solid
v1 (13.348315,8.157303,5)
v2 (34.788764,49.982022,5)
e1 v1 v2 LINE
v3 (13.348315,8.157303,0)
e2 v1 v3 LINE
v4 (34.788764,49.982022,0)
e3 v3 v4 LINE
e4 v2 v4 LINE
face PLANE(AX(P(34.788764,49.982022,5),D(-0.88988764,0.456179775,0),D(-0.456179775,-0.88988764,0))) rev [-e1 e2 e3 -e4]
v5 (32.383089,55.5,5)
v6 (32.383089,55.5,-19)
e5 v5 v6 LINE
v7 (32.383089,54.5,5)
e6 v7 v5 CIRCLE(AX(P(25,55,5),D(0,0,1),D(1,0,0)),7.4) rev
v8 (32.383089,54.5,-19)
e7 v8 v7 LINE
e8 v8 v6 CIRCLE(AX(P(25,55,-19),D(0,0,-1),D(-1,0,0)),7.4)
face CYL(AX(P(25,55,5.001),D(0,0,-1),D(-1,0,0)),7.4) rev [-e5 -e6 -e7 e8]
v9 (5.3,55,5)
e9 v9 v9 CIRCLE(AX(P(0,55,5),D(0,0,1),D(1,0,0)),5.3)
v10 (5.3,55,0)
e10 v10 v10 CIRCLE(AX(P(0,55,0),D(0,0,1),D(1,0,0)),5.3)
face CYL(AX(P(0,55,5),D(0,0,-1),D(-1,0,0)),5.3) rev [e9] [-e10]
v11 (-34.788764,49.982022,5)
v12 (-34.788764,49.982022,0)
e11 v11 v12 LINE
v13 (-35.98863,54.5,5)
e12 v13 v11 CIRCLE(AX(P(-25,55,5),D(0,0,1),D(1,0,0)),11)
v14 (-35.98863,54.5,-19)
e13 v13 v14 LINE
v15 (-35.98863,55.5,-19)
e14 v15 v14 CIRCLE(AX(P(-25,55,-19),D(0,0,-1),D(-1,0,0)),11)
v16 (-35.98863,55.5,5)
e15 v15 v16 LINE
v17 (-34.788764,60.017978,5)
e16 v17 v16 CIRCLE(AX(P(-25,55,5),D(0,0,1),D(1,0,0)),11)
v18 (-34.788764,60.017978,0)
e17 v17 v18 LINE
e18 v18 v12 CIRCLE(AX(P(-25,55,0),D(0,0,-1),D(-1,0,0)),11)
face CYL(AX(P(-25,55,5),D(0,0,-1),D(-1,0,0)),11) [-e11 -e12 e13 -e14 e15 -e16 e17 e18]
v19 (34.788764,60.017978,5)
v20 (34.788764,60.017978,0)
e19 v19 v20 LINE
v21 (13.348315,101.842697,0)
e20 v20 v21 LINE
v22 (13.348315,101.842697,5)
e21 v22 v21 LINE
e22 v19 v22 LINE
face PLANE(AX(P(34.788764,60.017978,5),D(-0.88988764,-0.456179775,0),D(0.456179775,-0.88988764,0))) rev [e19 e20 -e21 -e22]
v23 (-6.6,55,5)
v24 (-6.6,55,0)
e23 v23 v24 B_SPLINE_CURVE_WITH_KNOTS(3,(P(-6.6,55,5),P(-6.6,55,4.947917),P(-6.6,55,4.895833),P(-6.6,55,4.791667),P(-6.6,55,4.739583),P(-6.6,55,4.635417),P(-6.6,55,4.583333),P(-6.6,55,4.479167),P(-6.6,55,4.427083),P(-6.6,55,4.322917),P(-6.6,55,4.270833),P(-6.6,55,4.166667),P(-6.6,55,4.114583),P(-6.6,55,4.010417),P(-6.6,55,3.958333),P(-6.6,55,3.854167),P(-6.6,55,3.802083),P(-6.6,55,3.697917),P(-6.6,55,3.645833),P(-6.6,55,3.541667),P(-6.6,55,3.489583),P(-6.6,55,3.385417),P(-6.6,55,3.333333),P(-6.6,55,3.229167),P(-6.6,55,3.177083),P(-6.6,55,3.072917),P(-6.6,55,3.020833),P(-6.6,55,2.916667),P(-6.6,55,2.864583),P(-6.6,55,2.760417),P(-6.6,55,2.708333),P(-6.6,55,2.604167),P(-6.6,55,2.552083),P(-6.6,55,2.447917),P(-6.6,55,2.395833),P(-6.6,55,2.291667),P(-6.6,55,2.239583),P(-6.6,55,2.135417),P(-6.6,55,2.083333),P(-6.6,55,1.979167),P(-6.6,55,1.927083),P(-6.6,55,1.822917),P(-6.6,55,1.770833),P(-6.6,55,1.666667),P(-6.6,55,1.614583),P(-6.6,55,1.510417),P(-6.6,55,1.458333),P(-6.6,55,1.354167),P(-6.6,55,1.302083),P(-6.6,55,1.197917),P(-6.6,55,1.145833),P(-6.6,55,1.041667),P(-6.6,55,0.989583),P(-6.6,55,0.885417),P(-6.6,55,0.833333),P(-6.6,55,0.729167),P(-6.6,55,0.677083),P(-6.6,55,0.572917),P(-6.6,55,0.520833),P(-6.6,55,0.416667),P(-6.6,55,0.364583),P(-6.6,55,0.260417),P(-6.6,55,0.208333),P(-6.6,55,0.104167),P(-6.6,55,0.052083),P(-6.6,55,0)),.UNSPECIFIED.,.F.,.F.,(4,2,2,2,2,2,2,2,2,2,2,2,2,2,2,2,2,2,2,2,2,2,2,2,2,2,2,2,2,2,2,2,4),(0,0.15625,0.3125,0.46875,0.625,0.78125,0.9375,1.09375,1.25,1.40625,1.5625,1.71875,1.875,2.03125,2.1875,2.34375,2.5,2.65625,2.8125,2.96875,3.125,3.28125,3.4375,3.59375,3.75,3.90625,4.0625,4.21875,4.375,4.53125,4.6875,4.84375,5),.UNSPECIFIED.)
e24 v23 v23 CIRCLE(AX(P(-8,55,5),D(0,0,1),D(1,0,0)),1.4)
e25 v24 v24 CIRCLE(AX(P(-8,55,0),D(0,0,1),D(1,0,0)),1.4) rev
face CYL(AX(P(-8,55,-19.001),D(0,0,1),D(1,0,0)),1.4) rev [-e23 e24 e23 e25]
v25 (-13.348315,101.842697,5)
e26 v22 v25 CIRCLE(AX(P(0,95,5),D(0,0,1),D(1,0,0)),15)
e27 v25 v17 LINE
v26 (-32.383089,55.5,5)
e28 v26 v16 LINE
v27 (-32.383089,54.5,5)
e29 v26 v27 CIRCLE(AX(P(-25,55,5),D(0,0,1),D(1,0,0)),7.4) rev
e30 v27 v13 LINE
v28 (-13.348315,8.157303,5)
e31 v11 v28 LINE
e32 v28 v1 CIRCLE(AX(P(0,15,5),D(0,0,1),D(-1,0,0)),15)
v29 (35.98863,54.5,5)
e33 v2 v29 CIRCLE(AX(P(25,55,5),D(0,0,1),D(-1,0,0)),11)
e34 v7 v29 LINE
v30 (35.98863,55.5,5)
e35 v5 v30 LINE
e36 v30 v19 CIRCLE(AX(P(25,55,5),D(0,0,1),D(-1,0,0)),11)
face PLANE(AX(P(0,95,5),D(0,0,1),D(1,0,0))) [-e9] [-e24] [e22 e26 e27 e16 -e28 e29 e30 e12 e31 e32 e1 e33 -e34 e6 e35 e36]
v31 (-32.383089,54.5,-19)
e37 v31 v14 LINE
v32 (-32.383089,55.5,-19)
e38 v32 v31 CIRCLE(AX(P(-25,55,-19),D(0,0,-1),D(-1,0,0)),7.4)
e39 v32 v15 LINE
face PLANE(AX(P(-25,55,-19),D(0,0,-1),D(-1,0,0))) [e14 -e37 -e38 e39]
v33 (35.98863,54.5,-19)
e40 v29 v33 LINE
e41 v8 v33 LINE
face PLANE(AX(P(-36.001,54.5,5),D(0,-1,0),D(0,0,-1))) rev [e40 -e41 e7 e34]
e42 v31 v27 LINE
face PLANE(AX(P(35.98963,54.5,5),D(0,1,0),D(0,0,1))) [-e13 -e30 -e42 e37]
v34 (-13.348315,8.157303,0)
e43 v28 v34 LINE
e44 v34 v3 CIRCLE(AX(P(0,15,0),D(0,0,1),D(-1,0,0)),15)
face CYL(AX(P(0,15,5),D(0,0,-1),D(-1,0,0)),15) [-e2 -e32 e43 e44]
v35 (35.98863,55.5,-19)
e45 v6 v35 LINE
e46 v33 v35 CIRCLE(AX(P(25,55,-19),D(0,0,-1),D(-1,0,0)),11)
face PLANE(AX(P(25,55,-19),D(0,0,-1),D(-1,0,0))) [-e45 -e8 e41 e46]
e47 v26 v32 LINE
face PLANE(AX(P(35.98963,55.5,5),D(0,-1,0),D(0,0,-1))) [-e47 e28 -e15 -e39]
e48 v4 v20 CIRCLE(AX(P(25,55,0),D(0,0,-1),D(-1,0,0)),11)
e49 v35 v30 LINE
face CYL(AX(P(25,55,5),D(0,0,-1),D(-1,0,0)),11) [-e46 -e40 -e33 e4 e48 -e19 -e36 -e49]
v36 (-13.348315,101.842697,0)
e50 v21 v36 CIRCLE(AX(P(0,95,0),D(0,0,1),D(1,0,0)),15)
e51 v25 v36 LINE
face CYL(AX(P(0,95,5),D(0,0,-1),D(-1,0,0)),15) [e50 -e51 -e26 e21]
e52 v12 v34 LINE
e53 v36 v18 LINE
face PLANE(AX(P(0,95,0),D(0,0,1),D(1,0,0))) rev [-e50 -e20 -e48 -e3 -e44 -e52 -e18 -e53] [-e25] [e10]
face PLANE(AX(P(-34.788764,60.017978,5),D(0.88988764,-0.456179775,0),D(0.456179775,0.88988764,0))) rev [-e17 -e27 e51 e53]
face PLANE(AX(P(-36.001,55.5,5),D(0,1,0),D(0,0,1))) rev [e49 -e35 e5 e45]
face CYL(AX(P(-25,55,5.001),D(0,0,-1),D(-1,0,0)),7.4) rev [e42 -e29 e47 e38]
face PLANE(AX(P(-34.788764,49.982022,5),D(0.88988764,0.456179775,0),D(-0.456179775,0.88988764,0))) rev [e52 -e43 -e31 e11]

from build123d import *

# Parameters (mm, degrees)
SKETCH1_R               = 5.3
BOSS_EXTRUDE1_DEPTH     = 5
BOSS_EXTRUDE2_START     = 19
SKETCH2_R               = 11
BOSS_EXTRUDE2_DEPTH     = 19
CUT_EXTRUDE1_REACH      = 120.203
SKETCH3_R               = 7.4
CUT_EXTRUDE2_REACH      = 134.834
CUT_EXTRUDE2_END_RADIUS = 7.4
SKETCH6_W               = 24
SKETCH6_H               = 1
CUT_EXTRUDE3_REACH      = 120.2
SKETCH4_R               = 1.4


with BuildPart() as part:
    # Sketch1 → Boss-Extrude1 (new body)
    with BuildSketch(Plane.XY):
        with BuildLine():
            Line((-34.788764, 60.017978), (-13.348315, 101.842697))
            ThreePointArc((-13.348315, 101.842697), (0, 110), (13.348315, 101.842697))
            Line((13.348315, 101.842697), (34.788764, 60.017978))
            ThreePointArc((34.788764, 60.017978), (36, 55), (34.788764, 49.982022))
            Line((34.788764, 49.982022), (13.348315, 8.157303))
            ThreePointArc((13.348315, 8.157303), (0, 0), (-13.348315, 8.157303))
            Line((-13.348315, 8.157303), (-34.788764, 49.982022))
            ThreePointArc((-34.788764, 49.982022), (-36, 55), (-34.788764, 60.017978))
        make_face()
        with Locations((0, 55)):
            Circle(SKETCH1_R, mode=Mode.SUBTRACT)
    extrude(amount=BOSS_EXTRUDE1_DEPTH)

    # Sketch2 → Boss-Extrude2 (add)
    with BuildSketch(Plane(origin=(0, 0, 0), x_dir=(-1, 0, 0), z_dir=(0, 0, -1)).offset(BOSS_EXTRUDE2_START)):
        with Locations((-25, 55)):
            Circle(SKETCH2_R)
        with Locations((25, 55)):
            Circle(SKETCH2_R)
    extrude(amount=-BOSS_EXTRUDE2_DEPTH)

    # Sketch3 → Cut-Extrude1 (cut, up to next)
    with BuildSketch(Plane(origin=(0, 0, -19), x_dir=(-1, 0, 0), z_dir=(0, 0, -1)), mode=Mode.PRIVATE) as cut_extrude1_sk1:
        with Locations((-25, 55)):
            Circle(SKETCH3_R)
    cut_extrude1_tool1 = extrude(cut_extrude1_sk1.sketch, amount=-CUT_EXTRUDE1_REACH, mode=Mode.PRIVATE) & part.part
    # Sketch3 → Cut-Extrude1 (cut, up to next)
    with BuildSketch(Plane(origin=(0, 0, -19), x_dir=(-1, 0, 0), z_dir=(0, 0, -1)), mode=Mode.PRIVATE) as cut_extrude1_sk2:
        with Locations((25, 55)):
            Circle(SKETCH3_R)
    cut_extrude1_tool2 = extrude(cut_extrude1_sk2.sketch, amount=-CUT_EXTRUDE1_REACH, mode=Mode.PRIVATE) & part.part
    add(cut_extrude1_tool1.solids().sort_by_distance((25, 55, -19))[0], mode=Mode.SUBTRACT)
    add(cut_extrude1_tool2.solids().sort_by_distance((-25, 55, -19))[0], mode=Mode.SUBTRACT)

    # Cut-Extrude2: up to this cylinder (the profile starts outside it)
    cut_extrude2_end = Plane(origin=(25, 55, -7), z_dir=(0, 0, -1)) * Cylinder(CUT_EXTRUDE2_END_RADIUS, 285.468, mode=Mode.PRIVATE)
    # Sketch6 → Cut-Extrude2 (cut, up to the surface)
    with BuildSketch(Plane(origin=(36, 0, 0), x_dir=(0, 0, -1), z_dir=(1, 0, 0)), mode=Mode.PRIVATE) as cut_extrude2_sk1:
        with Locations((7, 55)):
            Rectangle(SKETCH6_W, SKETCH6_H)
    cut_extrude2_tool1 = extrude(cut_extrude2_sk1.sketch, amount=-CUT_EXTRUDE2_REACH, mode=Mode.PRIVATE) - cut_extrude2_end
    cut_extrude2 = cut_extrude2_tool1.solids().sort_by_distance((36, 55, -7))[0]
    add(cut_extrude2, mode=Mode.SUBTRACT)

    # Mirror1: Cut-Extrude2 across plane
    add(cut_extrude2.mirror(Plane(origin=(0, 0, 0), x_dir=(0, 0, 1), z_dir=(1, 0, 0))), mode=Mode.SUBTRACT)

    # Sketch4 → Cut-Extrude3 (cut, up to next)
    with BuildSketch(Plane.XY.offset(5), mode=Mode.PRIVATE) as cut_extrude3_sk1:
        with Locations((-8, 55)):
            Circle(SKETCH4_R)
    cut_extrude3_tool1 = extrude(cut_extrude3_sk1.sketch, amount=-CUT_EXTRUDE3_REACH, mode=Mode.PRIVATE) & part.part
    add(cut_extrude3_tool1.solids().sort_by_distance((-8, 55, 5))[0], mode=Mode.SUBTRACT)


solid = part.part
